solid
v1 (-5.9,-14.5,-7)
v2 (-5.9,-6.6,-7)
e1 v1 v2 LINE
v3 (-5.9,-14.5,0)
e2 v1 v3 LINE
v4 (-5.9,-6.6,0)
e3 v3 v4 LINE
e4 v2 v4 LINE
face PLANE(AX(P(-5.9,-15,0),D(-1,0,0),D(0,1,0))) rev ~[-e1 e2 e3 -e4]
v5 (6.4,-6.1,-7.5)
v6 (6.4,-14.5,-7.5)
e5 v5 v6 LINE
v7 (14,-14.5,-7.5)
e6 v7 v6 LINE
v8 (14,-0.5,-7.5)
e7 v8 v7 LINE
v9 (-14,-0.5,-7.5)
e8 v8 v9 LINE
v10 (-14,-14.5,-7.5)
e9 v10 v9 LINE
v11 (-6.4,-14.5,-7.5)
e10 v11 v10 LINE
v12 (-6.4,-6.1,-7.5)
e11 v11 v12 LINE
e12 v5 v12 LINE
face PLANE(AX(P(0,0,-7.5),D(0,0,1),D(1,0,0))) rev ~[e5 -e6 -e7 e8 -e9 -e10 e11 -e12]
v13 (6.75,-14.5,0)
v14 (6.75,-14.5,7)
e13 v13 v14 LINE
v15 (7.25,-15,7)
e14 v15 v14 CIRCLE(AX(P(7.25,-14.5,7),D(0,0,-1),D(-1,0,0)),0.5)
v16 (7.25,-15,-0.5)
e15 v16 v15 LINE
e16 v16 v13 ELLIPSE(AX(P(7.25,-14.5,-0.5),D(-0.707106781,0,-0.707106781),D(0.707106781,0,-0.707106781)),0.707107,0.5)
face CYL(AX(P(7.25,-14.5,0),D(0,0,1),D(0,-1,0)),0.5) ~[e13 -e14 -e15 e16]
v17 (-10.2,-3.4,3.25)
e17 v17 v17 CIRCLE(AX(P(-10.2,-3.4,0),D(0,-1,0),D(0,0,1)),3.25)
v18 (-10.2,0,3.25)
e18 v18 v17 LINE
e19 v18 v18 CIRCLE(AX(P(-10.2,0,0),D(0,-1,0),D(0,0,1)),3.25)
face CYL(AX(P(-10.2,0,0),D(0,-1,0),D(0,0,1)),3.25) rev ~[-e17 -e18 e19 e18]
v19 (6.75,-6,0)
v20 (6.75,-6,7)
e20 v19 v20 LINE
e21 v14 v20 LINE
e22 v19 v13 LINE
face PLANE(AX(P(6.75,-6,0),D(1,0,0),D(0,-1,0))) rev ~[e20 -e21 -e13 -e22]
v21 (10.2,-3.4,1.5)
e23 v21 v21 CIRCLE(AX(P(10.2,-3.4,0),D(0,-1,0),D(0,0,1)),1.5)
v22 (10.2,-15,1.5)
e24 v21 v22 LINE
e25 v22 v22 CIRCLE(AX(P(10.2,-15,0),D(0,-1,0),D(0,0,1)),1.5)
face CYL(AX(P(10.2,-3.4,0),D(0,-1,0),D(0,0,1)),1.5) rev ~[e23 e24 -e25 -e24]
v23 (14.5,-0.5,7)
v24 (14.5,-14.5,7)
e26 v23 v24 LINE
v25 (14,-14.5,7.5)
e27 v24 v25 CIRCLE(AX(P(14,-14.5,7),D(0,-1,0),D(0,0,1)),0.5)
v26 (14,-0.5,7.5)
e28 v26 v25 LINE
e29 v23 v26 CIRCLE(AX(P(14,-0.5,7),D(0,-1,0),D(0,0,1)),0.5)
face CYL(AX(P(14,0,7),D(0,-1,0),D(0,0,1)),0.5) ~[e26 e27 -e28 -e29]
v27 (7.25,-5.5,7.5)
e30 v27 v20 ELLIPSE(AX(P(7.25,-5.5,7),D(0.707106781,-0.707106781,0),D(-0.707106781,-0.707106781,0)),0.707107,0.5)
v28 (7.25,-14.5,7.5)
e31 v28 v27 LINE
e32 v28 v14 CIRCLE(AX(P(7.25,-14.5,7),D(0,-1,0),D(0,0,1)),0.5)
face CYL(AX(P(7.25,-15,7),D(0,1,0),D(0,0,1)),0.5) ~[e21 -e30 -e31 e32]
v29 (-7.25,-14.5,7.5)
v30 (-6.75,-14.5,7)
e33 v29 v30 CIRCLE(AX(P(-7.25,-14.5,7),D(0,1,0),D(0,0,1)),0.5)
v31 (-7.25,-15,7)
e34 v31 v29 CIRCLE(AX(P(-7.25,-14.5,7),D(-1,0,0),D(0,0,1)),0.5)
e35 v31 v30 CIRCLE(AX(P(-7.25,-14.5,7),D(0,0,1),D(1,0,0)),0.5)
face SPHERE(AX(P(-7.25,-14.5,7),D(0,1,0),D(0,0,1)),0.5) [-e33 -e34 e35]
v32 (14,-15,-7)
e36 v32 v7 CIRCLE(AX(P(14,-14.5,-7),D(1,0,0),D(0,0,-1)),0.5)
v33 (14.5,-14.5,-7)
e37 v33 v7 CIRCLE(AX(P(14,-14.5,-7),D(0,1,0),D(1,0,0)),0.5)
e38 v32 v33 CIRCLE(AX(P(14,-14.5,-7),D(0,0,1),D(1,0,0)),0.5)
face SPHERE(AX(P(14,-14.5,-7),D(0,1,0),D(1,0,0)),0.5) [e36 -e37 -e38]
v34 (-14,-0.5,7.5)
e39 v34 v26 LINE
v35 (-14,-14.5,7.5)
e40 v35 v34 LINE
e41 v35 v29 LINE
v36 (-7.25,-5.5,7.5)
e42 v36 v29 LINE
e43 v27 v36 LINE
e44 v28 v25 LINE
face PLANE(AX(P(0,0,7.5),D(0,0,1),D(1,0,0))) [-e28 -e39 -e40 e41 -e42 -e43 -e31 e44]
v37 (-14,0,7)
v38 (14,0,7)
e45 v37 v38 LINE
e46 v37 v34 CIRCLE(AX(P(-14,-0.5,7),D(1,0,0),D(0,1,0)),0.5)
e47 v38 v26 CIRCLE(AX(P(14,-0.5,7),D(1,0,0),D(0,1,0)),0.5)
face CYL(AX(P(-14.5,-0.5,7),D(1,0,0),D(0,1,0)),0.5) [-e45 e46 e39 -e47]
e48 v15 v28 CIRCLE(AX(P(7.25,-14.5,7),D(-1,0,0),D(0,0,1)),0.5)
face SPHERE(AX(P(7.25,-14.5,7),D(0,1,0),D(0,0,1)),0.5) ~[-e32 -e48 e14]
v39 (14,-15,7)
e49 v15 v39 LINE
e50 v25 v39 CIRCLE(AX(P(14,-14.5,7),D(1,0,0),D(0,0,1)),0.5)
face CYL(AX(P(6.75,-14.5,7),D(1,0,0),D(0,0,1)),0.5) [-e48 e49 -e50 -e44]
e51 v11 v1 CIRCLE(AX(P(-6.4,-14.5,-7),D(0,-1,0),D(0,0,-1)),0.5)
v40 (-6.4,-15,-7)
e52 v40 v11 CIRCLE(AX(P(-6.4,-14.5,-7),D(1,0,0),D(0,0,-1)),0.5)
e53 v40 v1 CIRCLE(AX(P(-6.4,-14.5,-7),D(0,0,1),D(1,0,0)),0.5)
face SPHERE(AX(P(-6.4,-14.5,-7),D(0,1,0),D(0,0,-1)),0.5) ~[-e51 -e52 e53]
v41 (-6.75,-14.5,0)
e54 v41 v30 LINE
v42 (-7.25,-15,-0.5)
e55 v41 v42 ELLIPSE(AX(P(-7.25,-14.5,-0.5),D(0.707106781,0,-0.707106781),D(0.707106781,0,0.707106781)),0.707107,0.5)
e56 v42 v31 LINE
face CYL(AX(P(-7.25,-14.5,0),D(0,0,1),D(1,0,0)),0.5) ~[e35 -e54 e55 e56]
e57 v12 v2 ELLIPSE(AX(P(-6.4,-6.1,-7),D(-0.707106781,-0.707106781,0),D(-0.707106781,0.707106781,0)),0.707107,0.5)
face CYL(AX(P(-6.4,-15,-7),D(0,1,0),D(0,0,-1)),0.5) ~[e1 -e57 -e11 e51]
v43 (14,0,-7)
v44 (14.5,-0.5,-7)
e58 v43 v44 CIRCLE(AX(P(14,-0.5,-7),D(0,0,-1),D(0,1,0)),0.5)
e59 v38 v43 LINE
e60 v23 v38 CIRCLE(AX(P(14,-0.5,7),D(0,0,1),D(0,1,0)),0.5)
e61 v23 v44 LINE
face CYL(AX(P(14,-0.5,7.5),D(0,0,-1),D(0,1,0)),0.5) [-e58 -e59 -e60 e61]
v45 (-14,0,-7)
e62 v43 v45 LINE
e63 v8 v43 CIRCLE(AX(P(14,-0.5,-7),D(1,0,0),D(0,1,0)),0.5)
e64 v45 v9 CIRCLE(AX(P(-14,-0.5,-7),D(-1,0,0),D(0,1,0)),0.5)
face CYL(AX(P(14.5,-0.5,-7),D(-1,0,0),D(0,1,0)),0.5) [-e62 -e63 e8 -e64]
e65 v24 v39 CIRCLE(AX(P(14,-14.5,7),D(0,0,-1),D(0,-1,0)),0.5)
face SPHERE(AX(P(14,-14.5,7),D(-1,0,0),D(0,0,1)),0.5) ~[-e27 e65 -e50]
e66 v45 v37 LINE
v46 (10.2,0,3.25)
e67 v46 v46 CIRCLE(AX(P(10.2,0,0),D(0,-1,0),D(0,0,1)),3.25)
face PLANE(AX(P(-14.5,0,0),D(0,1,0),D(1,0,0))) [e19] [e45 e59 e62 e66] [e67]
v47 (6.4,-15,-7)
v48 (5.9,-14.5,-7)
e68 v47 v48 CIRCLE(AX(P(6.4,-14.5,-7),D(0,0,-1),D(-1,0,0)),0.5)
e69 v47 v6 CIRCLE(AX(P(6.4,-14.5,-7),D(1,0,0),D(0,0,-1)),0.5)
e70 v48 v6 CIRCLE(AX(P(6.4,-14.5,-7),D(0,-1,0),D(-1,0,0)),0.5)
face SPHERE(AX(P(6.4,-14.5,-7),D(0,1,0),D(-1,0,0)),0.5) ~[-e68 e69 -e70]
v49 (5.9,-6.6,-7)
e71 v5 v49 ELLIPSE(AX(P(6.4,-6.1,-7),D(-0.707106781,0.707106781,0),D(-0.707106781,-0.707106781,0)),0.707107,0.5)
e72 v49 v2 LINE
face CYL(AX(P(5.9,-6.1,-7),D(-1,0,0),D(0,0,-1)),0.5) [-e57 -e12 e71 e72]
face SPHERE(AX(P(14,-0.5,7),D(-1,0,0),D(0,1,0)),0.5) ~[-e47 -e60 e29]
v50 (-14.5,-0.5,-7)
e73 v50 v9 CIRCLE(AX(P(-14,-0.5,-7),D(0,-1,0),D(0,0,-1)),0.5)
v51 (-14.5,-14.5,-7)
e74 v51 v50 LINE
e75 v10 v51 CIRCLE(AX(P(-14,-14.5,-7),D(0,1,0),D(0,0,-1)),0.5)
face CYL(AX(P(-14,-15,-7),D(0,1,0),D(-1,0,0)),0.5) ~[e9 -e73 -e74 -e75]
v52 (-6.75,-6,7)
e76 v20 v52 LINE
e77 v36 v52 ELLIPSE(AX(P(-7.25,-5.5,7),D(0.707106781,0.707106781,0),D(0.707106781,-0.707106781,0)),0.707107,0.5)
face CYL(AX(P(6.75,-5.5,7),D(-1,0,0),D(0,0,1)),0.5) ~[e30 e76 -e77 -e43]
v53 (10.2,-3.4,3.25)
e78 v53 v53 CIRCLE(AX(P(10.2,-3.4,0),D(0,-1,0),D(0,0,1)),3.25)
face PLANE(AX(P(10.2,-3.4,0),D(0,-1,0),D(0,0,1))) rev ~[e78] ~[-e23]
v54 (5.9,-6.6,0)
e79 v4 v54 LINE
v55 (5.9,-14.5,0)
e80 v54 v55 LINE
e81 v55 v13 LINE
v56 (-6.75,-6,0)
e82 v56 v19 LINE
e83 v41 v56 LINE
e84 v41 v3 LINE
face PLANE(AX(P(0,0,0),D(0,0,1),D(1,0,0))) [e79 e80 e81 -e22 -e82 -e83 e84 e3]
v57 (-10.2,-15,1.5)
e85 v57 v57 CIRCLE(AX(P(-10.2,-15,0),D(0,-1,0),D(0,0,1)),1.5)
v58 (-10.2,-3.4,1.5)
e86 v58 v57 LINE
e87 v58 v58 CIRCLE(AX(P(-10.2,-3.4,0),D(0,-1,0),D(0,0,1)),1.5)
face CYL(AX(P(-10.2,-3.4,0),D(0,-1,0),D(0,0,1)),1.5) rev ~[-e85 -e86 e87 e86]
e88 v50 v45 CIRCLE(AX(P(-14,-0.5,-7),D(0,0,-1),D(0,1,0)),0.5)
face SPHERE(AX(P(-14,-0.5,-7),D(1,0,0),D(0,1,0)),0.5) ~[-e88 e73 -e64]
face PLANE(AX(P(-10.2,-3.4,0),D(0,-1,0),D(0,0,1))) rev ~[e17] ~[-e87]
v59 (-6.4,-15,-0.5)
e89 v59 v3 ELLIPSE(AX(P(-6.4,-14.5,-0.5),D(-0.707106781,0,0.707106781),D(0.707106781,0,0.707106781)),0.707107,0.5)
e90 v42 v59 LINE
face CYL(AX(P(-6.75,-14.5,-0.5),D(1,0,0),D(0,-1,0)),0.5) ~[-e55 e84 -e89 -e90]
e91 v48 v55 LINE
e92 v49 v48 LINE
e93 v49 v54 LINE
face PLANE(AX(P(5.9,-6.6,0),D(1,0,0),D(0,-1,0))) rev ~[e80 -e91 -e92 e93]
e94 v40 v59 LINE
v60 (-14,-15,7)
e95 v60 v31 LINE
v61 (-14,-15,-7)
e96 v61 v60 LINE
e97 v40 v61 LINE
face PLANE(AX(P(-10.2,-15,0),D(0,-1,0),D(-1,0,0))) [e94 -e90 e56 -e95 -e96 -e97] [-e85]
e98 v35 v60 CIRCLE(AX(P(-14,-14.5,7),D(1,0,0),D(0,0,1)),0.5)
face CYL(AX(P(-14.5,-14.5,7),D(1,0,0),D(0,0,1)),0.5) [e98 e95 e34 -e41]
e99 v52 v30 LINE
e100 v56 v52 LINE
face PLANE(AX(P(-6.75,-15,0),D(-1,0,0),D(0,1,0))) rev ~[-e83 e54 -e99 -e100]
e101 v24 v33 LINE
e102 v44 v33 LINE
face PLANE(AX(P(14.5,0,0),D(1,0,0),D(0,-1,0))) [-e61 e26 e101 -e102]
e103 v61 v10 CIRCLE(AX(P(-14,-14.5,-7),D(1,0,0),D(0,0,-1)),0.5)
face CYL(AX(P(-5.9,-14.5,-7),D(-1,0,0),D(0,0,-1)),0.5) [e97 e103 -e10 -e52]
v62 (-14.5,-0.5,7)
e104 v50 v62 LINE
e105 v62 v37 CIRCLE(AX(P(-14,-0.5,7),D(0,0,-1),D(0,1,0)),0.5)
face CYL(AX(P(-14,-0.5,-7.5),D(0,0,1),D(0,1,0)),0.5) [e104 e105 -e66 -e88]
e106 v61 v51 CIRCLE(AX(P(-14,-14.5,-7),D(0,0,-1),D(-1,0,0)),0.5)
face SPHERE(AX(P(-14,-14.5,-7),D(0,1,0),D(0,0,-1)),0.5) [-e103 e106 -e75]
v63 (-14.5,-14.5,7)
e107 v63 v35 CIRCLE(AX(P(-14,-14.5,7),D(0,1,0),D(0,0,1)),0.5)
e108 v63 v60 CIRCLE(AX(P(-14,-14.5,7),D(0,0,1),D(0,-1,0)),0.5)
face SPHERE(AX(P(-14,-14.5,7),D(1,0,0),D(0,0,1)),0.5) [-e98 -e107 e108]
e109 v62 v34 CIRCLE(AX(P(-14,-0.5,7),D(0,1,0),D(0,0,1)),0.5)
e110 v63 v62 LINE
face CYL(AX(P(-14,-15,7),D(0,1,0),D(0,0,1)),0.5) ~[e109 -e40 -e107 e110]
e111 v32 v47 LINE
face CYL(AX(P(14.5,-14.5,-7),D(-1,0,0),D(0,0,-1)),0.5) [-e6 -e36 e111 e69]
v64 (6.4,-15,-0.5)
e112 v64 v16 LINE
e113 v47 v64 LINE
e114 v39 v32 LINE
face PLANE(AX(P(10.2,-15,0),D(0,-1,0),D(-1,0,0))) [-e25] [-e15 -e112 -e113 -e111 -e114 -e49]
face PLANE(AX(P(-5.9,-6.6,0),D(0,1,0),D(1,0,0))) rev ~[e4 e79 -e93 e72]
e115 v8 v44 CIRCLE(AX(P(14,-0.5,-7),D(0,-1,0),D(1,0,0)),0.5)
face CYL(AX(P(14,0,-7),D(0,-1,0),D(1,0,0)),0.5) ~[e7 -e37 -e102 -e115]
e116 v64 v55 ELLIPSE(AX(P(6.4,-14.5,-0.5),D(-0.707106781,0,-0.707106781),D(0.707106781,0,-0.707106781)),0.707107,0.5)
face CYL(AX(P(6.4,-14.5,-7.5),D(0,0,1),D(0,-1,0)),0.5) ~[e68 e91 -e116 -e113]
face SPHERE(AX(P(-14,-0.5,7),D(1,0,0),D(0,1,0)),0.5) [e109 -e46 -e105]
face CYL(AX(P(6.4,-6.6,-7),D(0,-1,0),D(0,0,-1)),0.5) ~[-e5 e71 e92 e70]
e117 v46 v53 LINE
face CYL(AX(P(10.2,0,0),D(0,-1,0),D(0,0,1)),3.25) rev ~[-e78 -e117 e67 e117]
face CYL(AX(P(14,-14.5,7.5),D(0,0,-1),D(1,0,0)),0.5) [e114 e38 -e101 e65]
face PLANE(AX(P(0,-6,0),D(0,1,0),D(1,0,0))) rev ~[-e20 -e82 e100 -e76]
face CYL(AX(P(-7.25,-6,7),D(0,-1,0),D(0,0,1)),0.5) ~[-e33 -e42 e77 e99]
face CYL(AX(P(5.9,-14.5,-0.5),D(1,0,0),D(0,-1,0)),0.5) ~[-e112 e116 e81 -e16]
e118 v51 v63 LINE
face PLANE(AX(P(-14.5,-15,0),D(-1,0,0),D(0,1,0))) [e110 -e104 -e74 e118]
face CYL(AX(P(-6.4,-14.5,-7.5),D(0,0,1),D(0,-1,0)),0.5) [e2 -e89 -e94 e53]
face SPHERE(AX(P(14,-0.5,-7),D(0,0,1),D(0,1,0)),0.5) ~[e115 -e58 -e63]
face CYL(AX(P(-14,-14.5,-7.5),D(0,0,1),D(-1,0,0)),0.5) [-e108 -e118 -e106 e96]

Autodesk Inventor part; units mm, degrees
ref_plane "YZ Plane" through (0, 0, 0) normal (1, 0, 0) x (0, 1, 0)
ref_plane "XZ Plane" through (0, 0, 0) normal (0, 1, 0) x (-1, 0, 0)
ref_plane "XY Plane" through (0, 0, 0) normal (0, 0, 1) x (1, 0, 0)
sketch "Skizze1" plane through (0, 0, 0) normal (0, 0, 1) x (1, 0, 0)
  line L0 (-14.5, 0) -> (14.5, 0)
  line L1 (14.5, 0) -> (14.5, -15)
  line L2 (-14.5, -15) -> (-14.5, 0)
  line L3 (-5.9, -15) -> (-5.9, -6.6)
  line L4 (-5.9, -6.6) -> (5.9, -6.6)
  line L5 (5.9, -6.6) -> (5.9, -15)
  line L6 (14.5, -15) -> (5.9, -15)
  line L7 (-5.9, -15) -> (-14.5, -15)
  line L8 (0, 0) -> (0, -6.6)
  line L9 (-10.2, -15) -> (-10.2, 0)
  line L10 (10.2, -15) -> (10.2, 0)
  dimension "d0" = 11.8
  dimension "d1" = 8.4
  dimension "d2" = 29
  dimension "d3" = 15
extrude "Extrusion1" add sketch "Skizze1" along normal mid plane 15
sketch "Skizze2" plane through (0, 0, 0) normal (0, 0, 1) x (1, 0, 0)
  line L0 (5.9, -15) -> (14.5, -15) projected
  line L1 (6.75, -15) -> (-6.75, -15)
  line L2 (-6.75, -15) -> (-6.75, -6)
  line L3 (-6.75, -6) -> (6.75, -6)
  line L4 (6.75, -6) -> (6.75, -15)
  line L5 (0, -18) -> (0, 3) projected
  point P0 (0, 0)
  point P1 (0, -6)
  dimension "d6" = 13.5
  dimension "d7" = 9
extrude "Extrusion2" cut sketch "Skizze2" along normal through all
sketch "Skizze3" plane through (-14.5, 0, 7.5) normal (0, 1, 0) x (1, 0, 0)
  point P0 (14.5, 7.5)
  point P1 (4.3, 7.5)
  point P2 (24.7, 7.5)
hole "Bohrung1" at (-10.2, 0, 0) at (10.2, 0, 0) direction (0, -1, 0) diameter 3 end through all counterbore diameter 6.5 counterbore depth 3.4 clearance for "Inbusschraube DIN EN ISO 4762" size "M3" standard "DIN"
fillet "Rundung1" radius 0.5 26 edges at (0, 0, 7.5) (14.5, 0, 0) (0, 0, -7.5) (-14.5, 0, 0) (-6.75, -10.5, 7.5) (0, -6, 7.5) (-10.625, -15, 7.5) (-14.5, -7.5, 7.5) (6.75, -10.5, 7.5) (10.625, -15, 7.5) (14.5, -7.5, 7.5) (14.5, -7.5, -7.5) (14.5, -15, 0) (5.9, -10.8, -7.5) (0, -6.6, -7.5) (-5.9, -10.8, -7.5) (-14.5, -7.5, -7.5) (-10.2, -15, -7.5) (-5.9, -15, -3.75) (-6.75, -15, 3.75) (-14.5, -15, 0) (-6.325, -15, 0) (6.325, -15, 0) (6.75, -15, 3.75) (5.9, -15, -3.75) (10.2, -15, -7.5)
properties part number "connector_securing_V1" material "ABS-Kunststoff"
